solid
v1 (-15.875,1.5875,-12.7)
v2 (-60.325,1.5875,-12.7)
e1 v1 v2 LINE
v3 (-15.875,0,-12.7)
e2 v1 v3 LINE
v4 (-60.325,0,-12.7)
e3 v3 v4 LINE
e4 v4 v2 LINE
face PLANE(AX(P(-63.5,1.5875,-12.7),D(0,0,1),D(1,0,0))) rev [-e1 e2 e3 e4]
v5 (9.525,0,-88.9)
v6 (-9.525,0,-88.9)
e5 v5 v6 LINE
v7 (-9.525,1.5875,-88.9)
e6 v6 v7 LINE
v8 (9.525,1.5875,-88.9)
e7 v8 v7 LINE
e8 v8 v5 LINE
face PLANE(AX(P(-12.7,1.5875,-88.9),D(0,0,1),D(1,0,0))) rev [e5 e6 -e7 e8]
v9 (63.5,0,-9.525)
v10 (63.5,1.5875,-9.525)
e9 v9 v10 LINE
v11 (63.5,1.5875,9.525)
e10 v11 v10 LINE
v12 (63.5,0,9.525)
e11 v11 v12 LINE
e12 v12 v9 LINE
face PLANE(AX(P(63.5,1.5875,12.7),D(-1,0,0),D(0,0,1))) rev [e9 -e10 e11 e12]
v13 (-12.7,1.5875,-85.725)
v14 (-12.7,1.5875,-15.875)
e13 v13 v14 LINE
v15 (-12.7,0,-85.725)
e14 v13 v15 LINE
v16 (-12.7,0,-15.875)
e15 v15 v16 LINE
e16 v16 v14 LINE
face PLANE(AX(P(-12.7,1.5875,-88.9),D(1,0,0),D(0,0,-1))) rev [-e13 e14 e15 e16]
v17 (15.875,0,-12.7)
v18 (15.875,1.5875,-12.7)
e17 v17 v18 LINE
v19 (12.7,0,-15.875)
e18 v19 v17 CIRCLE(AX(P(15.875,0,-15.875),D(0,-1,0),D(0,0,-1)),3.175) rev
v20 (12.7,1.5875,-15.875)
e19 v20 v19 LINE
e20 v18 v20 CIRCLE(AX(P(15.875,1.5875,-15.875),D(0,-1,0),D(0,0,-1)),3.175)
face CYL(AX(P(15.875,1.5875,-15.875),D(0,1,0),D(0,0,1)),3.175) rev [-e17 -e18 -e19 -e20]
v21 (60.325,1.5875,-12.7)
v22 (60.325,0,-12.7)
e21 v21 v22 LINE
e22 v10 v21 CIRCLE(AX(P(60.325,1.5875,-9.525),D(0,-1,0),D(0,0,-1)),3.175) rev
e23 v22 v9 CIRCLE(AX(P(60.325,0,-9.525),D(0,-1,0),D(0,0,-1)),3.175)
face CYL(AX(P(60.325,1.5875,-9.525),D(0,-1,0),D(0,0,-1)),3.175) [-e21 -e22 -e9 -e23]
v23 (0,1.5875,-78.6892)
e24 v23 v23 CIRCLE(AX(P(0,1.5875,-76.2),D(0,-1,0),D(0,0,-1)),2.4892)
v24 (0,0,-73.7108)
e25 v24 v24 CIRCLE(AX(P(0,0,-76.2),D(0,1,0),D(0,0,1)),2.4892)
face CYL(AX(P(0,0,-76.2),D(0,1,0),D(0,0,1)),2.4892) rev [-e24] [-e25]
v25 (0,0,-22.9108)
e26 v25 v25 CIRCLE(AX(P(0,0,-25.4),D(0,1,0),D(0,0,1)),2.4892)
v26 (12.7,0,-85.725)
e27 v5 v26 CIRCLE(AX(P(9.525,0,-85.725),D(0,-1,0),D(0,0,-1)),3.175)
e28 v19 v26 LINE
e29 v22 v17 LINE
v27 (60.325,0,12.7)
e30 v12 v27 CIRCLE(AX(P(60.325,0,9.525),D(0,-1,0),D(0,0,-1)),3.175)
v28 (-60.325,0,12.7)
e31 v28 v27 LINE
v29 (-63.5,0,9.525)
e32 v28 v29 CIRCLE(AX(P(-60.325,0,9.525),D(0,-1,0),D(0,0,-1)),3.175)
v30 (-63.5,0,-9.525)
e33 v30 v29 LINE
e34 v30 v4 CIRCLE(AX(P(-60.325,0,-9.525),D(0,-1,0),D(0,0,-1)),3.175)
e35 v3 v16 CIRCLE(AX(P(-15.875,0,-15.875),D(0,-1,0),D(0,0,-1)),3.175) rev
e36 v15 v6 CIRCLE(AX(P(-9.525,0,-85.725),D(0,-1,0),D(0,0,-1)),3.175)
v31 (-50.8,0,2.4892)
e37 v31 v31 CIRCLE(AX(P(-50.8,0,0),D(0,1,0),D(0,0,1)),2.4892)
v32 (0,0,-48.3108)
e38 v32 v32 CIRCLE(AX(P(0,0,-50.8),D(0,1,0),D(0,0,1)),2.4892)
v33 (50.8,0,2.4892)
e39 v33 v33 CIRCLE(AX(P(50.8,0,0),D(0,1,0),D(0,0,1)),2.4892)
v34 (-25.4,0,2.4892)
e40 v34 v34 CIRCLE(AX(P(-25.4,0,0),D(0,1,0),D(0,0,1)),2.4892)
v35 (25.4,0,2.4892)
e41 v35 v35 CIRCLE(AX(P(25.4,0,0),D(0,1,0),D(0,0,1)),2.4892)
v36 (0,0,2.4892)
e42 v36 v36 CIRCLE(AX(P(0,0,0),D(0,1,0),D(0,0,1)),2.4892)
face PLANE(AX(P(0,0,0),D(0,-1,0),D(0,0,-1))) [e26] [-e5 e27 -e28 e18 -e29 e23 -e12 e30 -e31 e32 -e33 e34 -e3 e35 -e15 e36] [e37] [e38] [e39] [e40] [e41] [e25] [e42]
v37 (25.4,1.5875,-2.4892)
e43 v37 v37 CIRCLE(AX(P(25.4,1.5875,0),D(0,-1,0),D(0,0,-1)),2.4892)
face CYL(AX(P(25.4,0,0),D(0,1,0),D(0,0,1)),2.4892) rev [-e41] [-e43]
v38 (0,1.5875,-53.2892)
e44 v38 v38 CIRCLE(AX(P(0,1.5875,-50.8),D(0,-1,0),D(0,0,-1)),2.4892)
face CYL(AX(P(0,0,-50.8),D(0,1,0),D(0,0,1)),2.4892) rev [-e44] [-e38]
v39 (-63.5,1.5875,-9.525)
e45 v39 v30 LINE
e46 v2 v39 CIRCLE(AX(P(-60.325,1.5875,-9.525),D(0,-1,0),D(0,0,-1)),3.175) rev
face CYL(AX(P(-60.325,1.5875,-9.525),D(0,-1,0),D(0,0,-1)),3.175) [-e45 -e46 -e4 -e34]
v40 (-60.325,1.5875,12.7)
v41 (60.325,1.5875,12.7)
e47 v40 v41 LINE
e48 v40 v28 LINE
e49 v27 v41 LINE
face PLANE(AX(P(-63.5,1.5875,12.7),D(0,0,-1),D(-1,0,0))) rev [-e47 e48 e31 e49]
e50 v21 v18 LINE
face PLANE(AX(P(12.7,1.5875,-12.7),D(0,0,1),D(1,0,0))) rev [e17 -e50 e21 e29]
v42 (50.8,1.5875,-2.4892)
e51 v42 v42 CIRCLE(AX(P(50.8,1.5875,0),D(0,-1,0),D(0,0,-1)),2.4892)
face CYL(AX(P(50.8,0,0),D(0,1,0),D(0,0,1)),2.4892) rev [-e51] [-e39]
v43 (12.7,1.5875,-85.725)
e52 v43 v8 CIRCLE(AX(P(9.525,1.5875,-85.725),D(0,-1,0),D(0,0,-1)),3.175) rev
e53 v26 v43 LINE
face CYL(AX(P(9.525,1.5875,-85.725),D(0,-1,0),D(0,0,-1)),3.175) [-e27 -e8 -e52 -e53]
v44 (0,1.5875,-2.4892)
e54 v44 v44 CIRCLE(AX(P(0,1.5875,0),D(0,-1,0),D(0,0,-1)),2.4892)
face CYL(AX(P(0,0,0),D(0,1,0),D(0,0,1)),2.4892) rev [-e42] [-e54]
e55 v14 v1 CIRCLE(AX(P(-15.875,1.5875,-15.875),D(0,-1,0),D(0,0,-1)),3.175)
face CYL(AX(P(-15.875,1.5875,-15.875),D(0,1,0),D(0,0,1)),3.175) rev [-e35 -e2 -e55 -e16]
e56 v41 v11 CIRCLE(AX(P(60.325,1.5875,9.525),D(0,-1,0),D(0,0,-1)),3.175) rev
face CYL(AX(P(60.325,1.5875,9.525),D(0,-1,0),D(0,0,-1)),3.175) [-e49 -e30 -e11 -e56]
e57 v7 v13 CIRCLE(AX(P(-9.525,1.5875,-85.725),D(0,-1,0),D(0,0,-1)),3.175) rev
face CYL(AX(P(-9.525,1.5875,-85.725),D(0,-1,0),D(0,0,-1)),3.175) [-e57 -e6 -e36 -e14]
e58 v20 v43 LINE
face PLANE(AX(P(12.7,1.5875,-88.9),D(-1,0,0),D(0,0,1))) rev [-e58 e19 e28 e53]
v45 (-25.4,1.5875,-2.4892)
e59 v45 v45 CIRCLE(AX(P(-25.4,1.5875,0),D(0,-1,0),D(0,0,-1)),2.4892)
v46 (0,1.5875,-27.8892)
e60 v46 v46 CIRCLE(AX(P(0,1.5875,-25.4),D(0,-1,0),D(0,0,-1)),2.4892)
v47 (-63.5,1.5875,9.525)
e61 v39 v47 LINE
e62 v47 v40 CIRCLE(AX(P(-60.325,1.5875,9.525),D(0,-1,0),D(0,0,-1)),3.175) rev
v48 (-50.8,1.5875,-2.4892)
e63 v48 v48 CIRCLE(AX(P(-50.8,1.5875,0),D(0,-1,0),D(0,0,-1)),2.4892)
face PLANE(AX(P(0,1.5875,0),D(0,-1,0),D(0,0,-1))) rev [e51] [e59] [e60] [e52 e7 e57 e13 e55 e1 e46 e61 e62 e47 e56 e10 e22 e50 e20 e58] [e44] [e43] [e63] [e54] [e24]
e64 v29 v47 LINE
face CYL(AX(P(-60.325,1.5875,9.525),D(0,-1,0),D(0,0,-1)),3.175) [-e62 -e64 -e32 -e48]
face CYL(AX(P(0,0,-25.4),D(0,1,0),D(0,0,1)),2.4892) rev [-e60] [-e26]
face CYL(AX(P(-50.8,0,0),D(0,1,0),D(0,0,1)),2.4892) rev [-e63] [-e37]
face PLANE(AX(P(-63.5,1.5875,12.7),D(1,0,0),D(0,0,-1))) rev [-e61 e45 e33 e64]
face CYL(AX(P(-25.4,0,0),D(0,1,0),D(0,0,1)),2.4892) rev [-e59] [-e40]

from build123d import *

# Parameters (mm, degrees)
BOSS_EXTRUDE1_DEPTH     = 1.5875
SKETCH2_R               = 2.4892
CUT_EXTRUDE1_DEPTH      = 1
CUT_EXTRUDE1_DEPTH_BACK = 2.5875
FILLET1_R               = 3.175


with BuildPart() as part:
    # Sketch1 → Boss-Extrude1 (new body)
    with BuildSketch(Plane(origin=(0, 0, 0), x_dir=(1, 0, 0), z_dir=(0, 1, 0))):
        Polygon((12.7, 12.7), (63.5, 12.7), (63.5, -12.7), (-63.5, -12.7), (-63.5, 12.7), (-12.7, 12.7), (-12.7, 88.9), (12.7, 88.9), align=None)
    extrude(amount=BOSS_EXTRUDE1_DEPTH)

    # Sketch2 → Cut-Extrude1 (cut, two sides)
    with BuildSketch(Plane(origin=(0, 1.5875, 0), x_dir=(1, 0, 0), z_dir=(0, 1, 0))) as cut_extrude1_sk:
        Circle(SKETCH2_R)
        with Locations((0, 25.4)):
            Circle(SKETCH2_R)
        with Locations((0, 50.8)):
            Circle(SKETCH2_R)
        with Locations((0, 76.2)):
            Circle(SKETCH2_R)
        with Locations((-25.4, 0)):
            Circle(SKETCH2_R)
        with Locations((-50.8, 0)):
            Circle(SKETCH2_R)
        with Locations((25.4, 0)):
            Circle(SKETCH2_R)
        with Locations((50.8, 0)):
            Circle(SKETCH2_R)
    extrude(amount=CUT_EXTRUDE1_DEPTH, mode=Mode.SUBTRACT)
    extrude(cut_extrude1_sk.sketch, amount=-CUT_EXTRUDE1_DEPTH_BACK, mode=Mode.SUBTRACT)

    # Fillet1
    fillet1_edges = [part.edges().sort_by_distance(p)[0] for p in [
        (63.5, 0.79375, 12.7),
        (-63.5, 0.79375, 12.7),
        (-63.5, 0.79375, -12.7),
        (-12.7, 0.79375, -12.7),
        (-12.7, 0.79375, -88.9),
        (12.7, 0.79375, -88.9),
        (12.7, 0.79375, -12.7),
        (63.5, 0.79375, -12.7),
    ]]
    fillet(fillet1_edges, radius=FILLET1_R)


solid = part.part
